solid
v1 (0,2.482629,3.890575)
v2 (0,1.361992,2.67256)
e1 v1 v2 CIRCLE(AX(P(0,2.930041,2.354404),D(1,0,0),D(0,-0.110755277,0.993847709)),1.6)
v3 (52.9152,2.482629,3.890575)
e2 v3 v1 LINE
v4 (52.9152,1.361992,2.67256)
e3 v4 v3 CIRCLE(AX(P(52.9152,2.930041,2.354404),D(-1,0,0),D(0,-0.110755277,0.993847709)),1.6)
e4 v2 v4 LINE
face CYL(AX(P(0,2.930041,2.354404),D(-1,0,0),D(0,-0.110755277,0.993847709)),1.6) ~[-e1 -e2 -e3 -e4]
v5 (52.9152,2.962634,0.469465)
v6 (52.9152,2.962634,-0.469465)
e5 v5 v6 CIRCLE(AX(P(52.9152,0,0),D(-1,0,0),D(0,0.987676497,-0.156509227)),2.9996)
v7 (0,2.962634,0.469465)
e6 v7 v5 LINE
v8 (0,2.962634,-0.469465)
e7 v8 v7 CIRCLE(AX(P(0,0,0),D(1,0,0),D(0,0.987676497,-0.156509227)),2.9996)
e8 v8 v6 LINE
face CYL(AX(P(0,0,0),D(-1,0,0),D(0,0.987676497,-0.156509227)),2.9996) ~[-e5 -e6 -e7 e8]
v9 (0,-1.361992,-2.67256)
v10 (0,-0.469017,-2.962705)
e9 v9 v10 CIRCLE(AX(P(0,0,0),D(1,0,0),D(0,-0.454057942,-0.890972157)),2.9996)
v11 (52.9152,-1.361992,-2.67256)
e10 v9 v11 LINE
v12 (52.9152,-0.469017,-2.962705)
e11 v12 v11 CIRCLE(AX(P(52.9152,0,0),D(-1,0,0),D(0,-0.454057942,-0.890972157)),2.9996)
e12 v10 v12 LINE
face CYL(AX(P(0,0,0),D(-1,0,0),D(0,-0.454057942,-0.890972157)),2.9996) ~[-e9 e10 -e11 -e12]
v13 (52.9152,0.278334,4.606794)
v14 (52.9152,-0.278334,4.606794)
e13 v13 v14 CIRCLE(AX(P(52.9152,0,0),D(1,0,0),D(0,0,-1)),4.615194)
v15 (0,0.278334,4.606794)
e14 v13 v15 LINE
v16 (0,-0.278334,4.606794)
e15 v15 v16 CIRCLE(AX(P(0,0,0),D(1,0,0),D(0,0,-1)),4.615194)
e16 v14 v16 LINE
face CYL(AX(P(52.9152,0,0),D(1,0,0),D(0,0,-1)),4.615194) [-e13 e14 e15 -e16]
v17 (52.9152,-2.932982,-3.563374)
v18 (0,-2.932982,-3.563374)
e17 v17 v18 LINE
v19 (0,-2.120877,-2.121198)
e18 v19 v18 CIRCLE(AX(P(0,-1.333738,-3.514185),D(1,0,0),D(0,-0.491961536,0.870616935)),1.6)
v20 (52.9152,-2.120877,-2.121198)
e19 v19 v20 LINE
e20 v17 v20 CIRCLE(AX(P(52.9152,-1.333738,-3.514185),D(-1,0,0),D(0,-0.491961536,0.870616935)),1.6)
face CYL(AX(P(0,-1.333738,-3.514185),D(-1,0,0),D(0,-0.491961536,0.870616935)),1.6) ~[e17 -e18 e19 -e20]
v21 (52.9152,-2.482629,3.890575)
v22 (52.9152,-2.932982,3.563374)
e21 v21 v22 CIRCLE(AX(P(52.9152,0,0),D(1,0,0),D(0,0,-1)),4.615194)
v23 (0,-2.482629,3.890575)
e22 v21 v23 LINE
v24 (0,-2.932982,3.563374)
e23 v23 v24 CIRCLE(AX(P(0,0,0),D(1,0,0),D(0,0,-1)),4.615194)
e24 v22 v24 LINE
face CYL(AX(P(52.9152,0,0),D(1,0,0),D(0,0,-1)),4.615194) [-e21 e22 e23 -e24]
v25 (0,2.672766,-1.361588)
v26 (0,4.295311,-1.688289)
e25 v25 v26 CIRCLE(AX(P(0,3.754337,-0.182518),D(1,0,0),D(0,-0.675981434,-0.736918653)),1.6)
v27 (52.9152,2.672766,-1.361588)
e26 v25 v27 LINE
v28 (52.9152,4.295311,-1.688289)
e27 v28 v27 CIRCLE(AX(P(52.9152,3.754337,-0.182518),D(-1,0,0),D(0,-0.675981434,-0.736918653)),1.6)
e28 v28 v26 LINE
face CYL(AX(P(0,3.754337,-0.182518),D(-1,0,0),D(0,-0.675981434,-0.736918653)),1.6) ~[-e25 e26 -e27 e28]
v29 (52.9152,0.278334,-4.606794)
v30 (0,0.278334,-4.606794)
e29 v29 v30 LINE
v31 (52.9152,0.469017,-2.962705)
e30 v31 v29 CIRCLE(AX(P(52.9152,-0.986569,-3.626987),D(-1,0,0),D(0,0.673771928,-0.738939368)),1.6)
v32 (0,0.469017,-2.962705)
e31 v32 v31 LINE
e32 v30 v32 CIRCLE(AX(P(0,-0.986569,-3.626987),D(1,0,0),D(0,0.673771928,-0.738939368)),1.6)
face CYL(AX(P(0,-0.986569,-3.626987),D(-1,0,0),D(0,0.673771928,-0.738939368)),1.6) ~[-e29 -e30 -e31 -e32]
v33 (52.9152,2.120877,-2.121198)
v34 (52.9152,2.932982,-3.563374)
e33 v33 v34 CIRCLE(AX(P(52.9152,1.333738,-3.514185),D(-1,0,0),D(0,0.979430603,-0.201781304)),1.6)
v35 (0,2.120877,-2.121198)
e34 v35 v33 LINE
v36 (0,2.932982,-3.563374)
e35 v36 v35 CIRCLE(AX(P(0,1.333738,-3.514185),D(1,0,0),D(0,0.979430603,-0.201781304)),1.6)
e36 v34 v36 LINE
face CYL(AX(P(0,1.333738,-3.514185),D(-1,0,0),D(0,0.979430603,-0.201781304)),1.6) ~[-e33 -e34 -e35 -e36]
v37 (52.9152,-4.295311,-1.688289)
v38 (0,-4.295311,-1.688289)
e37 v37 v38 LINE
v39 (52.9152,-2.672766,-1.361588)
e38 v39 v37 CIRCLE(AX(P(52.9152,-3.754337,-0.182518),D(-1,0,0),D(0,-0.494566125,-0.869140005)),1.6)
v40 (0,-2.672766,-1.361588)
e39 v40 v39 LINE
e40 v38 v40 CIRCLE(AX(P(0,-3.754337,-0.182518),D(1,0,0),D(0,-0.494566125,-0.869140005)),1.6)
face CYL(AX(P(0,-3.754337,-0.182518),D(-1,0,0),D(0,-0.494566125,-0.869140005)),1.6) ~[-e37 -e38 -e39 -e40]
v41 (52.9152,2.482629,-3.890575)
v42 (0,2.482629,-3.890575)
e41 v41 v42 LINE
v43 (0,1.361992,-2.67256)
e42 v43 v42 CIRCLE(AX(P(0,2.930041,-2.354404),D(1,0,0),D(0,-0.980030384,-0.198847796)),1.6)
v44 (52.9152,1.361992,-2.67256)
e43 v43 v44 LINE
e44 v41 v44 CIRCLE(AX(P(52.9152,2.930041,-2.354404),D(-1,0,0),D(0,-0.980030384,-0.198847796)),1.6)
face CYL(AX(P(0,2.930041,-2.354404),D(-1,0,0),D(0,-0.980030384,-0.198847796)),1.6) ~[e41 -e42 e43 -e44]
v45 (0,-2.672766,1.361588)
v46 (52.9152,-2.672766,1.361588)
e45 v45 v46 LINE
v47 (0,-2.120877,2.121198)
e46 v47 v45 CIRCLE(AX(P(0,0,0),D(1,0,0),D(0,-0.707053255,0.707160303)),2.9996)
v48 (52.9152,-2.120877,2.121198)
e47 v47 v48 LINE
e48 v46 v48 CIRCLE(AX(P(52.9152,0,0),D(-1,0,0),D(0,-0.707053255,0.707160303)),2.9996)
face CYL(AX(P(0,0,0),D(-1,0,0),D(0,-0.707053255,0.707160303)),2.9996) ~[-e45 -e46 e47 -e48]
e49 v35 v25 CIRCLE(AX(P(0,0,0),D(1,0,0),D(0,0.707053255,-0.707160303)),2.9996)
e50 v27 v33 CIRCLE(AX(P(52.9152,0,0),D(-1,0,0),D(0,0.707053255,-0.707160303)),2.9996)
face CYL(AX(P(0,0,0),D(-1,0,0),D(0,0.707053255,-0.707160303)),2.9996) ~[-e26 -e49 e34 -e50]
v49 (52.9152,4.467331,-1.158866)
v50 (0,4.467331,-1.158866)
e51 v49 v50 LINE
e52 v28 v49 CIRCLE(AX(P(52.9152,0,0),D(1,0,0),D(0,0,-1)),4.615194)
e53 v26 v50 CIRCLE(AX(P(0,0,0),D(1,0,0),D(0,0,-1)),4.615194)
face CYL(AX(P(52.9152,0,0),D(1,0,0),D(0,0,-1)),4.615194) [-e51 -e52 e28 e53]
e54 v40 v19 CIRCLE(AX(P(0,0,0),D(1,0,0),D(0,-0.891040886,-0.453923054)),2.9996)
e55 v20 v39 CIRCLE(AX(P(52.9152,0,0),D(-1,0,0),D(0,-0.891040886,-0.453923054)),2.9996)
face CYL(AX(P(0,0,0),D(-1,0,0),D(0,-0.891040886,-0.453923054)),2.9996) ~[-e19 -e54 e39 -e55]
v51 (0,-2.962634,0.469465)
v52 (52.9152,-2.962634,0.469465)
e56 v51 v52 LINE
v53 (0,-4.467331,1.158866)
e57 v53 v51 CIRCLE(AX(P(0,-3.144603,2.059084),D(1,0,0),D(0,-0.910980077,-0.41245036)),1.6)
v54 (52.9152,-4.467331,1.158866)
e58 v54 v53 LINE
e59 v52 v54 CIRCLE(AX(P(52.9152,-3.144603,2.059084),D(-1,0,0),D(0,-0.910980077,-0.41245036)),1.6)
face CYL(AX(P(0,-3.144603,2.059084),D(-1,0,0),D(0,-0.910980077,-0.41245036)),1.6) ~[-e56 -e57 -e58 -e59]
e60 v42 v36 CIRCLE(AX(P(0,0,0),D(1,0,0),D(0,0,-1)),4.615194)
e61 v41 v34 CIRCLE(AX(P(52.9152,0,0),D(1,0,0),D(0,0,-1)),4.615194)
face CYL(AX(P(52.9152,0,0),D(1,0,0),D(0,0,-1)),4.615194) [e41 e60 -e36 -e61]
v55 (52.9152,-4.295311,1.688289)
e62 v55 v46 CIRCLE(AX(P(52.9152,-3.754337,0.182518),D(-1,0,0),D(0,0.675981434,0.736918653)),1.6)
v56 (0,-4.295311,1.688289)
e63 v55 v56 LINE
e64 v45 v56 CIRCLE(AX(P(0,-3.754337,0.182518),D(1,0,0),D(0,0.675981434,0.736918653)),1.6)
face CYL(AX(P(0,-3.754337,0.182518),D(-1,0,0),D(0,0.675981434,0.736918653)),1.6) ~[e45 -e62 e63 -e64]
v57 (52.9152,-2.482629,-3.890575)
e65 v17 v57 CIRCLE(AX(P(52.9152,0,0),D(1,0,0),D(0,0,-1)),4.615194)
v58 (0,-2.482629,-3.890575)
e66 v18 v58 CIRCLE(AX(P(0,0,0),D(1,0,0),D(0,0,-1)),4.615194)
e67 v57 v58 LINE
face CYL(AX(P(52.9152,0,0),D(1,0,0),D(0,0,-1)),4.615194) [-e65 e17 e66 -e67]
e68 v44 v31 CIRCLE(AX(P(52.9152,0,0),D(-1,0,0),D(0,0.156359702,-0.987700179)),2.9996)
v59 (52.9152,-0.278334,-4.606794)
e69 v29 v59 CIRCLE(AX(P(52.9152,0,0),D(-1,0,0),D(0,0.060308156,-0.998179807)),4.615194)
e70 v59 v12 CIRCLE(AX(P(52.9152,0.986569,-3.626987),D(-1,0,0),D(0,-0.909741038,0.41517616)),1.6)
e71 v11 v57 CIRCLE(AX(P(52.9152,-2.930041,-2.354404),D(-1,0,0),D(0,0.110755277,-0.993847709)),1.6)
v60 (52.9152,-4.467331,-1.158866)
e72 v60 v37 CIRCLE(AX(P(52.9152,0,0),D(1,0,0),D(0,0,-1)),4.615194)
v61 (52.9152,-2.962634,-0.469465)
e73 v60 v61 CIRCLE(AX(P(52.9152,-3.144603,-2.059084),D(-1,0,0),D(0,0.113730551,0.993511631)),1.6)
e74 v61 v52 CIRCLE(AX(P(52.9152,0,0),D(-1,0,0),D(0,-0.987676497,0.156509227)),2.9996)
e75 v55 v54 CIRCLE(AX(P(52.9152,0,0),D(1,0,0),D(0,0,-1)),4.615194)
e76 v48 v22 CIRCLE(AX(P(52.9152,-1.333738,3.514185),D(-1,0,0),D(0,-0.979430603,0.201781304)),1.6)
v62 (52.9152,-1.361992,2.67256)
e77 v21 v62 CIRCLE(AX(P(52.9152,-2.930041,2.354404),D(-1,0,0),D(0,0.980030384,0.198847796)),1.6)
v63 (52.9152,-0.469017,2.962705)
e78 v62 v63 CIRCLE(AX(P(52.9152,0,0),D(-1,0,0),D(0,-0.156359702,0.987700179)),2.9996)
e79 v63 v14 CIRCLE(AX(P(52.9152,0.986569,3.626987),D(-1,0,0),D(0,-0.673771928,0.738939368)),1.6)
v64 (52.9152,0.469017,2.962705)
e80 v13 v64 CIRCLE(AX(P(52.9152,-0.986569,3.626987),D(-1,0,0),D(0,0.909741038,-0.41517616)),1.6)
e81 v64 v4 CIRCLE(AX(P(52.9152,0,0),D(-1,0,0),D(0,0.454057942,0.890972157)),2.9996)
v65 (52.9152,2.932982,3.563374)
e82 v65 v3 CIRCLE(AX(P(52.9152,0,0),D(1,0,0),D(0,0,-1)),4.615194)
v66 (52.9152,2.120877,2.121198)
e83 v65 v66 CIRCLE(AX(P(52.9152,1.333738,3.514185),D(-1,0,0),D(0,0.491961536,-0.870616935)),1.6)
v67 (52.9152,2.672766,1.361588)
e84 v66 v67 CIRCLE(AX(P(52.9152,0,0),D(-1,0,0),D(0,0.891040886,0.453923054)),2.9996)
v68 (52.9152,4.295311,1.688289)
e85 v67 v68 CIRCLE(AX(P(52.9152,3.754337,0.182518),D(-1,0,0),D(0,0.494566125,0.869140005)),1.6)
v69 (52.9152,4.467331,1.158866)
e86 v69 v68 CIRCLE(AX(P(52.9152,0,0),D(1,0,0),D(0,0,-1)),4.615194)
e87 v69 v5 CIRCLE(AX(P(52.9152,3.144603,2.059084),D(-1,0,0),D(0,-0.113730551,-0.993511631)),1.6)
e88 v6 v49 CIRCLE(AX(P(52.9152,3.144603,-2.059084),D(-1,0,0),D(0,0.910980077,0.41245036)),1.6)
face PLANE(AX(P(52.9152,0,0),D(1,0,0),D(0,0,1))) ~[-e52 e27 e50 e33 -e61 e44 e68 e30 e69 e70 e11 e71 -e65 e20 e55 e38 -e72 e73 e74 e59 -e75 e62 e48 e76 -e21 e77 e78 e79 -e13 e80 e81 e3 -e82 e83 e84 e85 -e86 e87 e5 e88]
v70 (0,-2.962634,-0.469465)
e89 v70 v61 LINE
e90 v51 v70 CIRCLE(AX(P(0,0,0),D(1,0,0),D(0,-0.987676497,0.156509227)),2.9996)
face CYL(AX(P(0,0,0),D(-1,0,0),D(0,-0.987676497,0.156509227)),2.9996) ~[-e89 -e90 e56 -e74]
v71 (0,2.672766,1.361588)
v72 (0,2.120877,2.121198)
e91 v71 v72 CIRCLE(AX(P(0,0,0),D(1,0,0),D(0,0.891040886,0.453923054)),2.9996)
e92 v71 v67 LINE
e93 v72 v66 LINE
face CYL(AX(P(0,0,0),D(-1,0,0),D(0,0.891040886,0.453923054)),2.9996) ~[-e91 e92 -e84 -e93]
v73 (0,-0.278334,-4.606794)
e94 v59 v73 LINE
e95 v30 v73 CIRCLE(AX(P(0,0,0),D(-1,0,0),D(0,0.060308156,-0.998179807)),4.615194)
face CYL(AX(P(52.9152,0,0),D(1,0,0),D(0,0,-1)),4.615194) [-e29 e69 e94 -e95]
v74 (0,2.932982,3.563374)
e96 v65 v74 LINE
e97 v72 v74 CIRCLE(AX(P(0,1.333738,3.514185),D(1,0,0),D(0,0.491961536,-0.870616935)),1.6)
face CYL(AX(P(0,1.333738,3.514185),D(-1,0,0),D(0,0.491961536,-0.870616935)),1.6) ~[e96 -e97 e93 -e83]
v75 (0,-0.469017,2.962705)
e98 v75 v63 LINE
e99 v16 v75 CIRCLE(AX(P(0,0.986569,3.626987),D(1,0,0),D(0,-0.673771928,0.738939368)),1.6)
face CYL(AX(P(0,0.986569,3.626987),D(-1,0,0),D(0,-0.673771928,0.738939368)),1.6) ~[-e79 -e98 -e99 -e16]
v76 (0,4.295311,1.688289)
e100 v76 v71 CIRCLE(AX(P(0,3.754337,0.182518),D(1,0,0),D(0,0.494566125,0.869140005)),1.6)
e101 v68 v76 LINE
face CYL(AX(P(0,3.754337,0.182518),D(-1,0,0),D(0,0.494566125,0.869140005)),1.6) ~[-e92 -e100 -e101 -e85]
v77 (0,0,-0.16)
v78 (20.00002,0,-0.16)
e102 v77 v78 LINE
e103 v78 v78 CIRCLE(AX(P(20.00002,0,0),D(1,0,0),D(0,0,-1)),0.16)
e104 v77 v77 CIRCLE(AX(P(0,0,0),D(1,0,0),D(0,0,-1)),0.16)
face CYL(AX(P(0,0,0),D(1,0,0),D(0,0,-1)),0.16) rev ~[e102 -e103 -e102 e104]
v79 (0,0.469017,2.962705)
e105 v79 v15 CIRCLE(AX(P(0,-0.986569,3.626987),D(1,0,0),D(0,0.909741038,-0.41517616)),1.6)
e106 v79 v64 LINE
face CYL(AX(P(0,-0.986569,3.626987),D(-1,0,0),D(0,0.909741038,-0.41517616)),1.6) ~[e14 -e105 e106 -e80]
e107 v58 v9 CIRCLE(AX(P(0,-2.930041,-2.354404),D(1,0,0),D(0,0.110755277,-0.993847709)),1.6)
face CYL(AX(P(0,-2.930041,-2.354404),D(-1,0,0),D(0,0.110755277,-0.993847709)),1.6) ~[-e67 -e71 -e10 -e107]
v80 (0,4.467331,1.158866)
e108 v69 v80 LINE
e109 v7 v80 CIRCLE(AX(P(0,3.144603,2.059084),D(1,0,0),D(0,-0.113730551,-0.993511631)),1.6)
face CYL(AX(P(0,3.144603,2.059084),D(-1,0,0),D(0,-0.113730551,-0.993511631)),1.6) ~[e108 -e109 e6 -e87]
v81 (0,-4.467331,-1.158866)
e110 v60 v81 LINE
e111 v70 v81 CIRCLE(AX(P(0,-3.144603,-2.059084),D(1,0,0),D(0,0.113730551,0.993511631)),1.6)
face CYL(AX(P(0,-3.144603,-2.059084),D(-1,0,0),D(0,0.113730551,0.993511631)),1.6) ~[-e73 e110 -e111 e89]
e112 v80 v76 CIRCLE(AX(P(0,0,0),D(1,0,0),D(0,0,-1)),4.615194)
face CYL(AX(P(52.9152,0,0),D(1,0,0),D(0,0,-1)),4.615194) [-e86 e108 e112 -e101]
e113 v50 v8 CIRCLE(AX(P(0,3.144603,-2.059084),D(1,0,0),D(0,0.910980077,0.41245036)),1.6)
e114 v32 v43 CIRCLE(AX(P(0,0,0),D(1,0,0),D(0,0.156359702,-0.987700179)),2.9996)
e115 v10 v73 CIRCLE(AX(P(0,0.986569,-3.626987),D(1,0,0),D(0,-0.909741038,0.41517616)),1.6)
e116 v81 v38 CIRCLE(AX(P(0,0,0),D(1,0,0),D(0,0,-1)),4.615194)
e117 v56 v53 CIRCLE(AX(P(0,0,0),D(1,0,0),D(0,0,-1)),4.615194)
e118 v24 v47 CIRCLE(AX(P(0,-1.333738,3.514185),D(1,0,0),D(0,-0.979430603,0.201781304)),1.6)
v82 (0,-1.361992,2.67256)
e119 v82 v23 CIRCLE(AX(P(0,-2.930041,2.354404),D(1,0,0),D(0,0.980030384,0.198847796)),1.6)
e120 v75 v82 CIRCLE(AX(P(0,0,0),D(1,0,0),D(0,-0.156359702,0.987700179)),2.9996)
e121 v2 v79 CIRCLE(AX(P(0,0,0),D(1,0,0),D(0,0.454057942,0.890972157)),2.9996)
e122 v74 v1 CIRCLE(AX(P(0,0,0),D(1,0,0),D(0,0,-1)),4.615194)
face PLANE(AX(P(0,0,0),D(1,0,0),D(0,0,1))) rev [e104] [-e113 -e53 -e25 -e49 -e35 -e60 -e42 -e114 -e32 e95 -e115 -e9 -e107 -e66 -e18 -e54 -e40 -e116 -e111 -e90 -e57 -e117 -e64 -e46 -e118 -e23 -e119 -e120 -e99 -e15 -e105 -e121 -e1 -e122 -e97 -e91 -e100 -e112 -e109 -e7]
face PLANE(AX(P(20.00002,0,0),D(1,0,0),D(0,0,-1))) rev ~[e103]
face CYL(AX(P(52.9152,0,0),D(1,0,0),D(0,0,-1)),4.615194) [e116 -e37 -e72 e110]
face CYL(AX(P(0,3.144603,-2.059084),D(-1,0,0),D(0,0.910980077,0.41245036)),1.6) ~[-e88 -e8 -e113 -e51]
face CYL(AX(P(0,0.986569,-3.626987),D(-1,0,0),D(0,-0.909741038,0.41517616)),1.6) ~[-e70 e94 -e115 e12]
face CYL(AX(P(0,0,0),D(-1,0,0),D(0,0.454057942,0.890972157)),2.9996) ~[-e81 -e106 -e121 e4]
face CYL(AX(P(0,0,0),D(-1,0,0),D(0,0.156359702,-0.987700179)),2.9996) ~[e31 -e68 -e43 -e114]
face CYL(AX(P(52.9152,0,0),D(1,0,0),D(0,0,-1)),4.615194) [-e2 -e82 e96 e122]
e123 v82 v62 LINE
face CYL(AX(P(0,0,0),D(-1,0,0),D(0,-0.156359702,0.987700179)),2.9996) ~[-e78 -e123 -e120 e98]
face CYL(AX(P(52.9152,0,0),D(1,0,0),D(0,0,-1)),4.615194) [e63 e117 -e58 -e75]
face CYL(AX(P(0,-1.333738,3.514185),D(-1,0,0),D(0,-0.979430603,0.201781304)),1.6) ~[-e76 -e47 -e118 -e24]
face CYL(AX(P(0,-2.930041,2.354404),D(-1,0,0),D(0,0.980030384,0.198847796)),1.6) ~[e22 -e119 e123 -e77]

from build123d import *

# Parameters (mm, degrees)
BASPROSKE_W        = 132.288
BASPROSKE_H        = 12
TOOTHCUT_DEPTH     = 134.372092073
TEETHCUTS_COUNT    = 10
TEETHCUTS_ANGLE    = 324
BORSKE_R           = 0.4
BORE_DEPTH         = 50.0000508
SKETCH1_R          = 15.199839534
SKETCH1_R_2        = 11.537985571
CUT_EXTRUDE1_DEPTH = 134.327124963
SCALE1_SCALE       = 0.4


with BuildPart() as part:
    # BasProSke → Base-Revolve (revolve)
    with BuildSketch(Plane(origin=(0, 0, 0), x_dir=(1, 0, 0), z_dir=(0, 1, 0)), mode=Mode.PRIVATE) as base_revolve_sk:
        with Locations((66.144, 6)):
            Rectangle(BASPROSKE_W, BASPROSKE_H)
    revolve(base_revolve_sk.sketch.rotate(Axis((-10, 0, 0), (1, 0, 0)), 180), axis=Axis((-10, 0, 0), (1, 0, 0)))

    # TooCutSke → ToothCut (cut, through all)
    with BuildSketch(Plane(origin=(0, 0, 0), x_dir=(0, 0, -1), z_dir=(1, 0, 0))):
        with BuildLine():
            ThreePointArc((1.173662691, 7.406586048), (0, 7.499), (-1.173662691, 7.406586048))
            ThreePointArc((-1.173662691, 7.406586048), (-1.668191438, 9.834565786), (-3.497907776, 11.50542856))
            ThreePointArc((-3.497907776, 11.50542856), (0, 12.0254), (3.497907776, 11.50542856))
            ThreePointArc((3.497907776, 11.50542856), (1.668191438, 9.834565786), (1.173662691, 7.406586048))
        make_face()
    toothcut = extrude(amount=TOOTHCUT_DEPTH, mode=Mode.SUBTRACT)

    # TeethCuts: ToothCut ×10 about axis
    teethcuts_axis = Axis((-10, 0, 0), (1, 0, 0))
    for i in range(1, TEETHCUTS_COUNT):
        add(toothcut.rotate(teethcuts_axis, i * TEETHCUTS_ANGLE / (TEETHCUTS_COUNT - 1)), mode=Mode.SUBTRACT)

    # BorSke → Bore (cut, symmetric)
    with BuildSketch(Plane(origin=(0, 0, 0), x_dir=(0, 0, -1), z_dir=(1, 0, 0))):
        Circle(BORSKE_R)
    extrude(amount=BORE_DEPTH, both=True, mode=Mode.SUBTRACT)

    # Sketch1 → Cut-Extrude1 (cut, through all)
    with BuildSketch(Plane(origin=(132.288, 0, 0), x_dir=(0, 0, -1), z_dir=(1, 0, 0))):
        Circle(SKETCH1_R)
        Circle(SKETCH1_R_2, mode=Mode.SUBTRACT)
    extrude(amount=-CUT_EXTRUDE1_DEPTH, mode=Mode.SUBTRACT)


with BuildPart() as part_1:
    # Scale1: scaled about (0, 0, 0)
    add(part.part.scale(SCALE1_SCALE))


solid = part_1.part
